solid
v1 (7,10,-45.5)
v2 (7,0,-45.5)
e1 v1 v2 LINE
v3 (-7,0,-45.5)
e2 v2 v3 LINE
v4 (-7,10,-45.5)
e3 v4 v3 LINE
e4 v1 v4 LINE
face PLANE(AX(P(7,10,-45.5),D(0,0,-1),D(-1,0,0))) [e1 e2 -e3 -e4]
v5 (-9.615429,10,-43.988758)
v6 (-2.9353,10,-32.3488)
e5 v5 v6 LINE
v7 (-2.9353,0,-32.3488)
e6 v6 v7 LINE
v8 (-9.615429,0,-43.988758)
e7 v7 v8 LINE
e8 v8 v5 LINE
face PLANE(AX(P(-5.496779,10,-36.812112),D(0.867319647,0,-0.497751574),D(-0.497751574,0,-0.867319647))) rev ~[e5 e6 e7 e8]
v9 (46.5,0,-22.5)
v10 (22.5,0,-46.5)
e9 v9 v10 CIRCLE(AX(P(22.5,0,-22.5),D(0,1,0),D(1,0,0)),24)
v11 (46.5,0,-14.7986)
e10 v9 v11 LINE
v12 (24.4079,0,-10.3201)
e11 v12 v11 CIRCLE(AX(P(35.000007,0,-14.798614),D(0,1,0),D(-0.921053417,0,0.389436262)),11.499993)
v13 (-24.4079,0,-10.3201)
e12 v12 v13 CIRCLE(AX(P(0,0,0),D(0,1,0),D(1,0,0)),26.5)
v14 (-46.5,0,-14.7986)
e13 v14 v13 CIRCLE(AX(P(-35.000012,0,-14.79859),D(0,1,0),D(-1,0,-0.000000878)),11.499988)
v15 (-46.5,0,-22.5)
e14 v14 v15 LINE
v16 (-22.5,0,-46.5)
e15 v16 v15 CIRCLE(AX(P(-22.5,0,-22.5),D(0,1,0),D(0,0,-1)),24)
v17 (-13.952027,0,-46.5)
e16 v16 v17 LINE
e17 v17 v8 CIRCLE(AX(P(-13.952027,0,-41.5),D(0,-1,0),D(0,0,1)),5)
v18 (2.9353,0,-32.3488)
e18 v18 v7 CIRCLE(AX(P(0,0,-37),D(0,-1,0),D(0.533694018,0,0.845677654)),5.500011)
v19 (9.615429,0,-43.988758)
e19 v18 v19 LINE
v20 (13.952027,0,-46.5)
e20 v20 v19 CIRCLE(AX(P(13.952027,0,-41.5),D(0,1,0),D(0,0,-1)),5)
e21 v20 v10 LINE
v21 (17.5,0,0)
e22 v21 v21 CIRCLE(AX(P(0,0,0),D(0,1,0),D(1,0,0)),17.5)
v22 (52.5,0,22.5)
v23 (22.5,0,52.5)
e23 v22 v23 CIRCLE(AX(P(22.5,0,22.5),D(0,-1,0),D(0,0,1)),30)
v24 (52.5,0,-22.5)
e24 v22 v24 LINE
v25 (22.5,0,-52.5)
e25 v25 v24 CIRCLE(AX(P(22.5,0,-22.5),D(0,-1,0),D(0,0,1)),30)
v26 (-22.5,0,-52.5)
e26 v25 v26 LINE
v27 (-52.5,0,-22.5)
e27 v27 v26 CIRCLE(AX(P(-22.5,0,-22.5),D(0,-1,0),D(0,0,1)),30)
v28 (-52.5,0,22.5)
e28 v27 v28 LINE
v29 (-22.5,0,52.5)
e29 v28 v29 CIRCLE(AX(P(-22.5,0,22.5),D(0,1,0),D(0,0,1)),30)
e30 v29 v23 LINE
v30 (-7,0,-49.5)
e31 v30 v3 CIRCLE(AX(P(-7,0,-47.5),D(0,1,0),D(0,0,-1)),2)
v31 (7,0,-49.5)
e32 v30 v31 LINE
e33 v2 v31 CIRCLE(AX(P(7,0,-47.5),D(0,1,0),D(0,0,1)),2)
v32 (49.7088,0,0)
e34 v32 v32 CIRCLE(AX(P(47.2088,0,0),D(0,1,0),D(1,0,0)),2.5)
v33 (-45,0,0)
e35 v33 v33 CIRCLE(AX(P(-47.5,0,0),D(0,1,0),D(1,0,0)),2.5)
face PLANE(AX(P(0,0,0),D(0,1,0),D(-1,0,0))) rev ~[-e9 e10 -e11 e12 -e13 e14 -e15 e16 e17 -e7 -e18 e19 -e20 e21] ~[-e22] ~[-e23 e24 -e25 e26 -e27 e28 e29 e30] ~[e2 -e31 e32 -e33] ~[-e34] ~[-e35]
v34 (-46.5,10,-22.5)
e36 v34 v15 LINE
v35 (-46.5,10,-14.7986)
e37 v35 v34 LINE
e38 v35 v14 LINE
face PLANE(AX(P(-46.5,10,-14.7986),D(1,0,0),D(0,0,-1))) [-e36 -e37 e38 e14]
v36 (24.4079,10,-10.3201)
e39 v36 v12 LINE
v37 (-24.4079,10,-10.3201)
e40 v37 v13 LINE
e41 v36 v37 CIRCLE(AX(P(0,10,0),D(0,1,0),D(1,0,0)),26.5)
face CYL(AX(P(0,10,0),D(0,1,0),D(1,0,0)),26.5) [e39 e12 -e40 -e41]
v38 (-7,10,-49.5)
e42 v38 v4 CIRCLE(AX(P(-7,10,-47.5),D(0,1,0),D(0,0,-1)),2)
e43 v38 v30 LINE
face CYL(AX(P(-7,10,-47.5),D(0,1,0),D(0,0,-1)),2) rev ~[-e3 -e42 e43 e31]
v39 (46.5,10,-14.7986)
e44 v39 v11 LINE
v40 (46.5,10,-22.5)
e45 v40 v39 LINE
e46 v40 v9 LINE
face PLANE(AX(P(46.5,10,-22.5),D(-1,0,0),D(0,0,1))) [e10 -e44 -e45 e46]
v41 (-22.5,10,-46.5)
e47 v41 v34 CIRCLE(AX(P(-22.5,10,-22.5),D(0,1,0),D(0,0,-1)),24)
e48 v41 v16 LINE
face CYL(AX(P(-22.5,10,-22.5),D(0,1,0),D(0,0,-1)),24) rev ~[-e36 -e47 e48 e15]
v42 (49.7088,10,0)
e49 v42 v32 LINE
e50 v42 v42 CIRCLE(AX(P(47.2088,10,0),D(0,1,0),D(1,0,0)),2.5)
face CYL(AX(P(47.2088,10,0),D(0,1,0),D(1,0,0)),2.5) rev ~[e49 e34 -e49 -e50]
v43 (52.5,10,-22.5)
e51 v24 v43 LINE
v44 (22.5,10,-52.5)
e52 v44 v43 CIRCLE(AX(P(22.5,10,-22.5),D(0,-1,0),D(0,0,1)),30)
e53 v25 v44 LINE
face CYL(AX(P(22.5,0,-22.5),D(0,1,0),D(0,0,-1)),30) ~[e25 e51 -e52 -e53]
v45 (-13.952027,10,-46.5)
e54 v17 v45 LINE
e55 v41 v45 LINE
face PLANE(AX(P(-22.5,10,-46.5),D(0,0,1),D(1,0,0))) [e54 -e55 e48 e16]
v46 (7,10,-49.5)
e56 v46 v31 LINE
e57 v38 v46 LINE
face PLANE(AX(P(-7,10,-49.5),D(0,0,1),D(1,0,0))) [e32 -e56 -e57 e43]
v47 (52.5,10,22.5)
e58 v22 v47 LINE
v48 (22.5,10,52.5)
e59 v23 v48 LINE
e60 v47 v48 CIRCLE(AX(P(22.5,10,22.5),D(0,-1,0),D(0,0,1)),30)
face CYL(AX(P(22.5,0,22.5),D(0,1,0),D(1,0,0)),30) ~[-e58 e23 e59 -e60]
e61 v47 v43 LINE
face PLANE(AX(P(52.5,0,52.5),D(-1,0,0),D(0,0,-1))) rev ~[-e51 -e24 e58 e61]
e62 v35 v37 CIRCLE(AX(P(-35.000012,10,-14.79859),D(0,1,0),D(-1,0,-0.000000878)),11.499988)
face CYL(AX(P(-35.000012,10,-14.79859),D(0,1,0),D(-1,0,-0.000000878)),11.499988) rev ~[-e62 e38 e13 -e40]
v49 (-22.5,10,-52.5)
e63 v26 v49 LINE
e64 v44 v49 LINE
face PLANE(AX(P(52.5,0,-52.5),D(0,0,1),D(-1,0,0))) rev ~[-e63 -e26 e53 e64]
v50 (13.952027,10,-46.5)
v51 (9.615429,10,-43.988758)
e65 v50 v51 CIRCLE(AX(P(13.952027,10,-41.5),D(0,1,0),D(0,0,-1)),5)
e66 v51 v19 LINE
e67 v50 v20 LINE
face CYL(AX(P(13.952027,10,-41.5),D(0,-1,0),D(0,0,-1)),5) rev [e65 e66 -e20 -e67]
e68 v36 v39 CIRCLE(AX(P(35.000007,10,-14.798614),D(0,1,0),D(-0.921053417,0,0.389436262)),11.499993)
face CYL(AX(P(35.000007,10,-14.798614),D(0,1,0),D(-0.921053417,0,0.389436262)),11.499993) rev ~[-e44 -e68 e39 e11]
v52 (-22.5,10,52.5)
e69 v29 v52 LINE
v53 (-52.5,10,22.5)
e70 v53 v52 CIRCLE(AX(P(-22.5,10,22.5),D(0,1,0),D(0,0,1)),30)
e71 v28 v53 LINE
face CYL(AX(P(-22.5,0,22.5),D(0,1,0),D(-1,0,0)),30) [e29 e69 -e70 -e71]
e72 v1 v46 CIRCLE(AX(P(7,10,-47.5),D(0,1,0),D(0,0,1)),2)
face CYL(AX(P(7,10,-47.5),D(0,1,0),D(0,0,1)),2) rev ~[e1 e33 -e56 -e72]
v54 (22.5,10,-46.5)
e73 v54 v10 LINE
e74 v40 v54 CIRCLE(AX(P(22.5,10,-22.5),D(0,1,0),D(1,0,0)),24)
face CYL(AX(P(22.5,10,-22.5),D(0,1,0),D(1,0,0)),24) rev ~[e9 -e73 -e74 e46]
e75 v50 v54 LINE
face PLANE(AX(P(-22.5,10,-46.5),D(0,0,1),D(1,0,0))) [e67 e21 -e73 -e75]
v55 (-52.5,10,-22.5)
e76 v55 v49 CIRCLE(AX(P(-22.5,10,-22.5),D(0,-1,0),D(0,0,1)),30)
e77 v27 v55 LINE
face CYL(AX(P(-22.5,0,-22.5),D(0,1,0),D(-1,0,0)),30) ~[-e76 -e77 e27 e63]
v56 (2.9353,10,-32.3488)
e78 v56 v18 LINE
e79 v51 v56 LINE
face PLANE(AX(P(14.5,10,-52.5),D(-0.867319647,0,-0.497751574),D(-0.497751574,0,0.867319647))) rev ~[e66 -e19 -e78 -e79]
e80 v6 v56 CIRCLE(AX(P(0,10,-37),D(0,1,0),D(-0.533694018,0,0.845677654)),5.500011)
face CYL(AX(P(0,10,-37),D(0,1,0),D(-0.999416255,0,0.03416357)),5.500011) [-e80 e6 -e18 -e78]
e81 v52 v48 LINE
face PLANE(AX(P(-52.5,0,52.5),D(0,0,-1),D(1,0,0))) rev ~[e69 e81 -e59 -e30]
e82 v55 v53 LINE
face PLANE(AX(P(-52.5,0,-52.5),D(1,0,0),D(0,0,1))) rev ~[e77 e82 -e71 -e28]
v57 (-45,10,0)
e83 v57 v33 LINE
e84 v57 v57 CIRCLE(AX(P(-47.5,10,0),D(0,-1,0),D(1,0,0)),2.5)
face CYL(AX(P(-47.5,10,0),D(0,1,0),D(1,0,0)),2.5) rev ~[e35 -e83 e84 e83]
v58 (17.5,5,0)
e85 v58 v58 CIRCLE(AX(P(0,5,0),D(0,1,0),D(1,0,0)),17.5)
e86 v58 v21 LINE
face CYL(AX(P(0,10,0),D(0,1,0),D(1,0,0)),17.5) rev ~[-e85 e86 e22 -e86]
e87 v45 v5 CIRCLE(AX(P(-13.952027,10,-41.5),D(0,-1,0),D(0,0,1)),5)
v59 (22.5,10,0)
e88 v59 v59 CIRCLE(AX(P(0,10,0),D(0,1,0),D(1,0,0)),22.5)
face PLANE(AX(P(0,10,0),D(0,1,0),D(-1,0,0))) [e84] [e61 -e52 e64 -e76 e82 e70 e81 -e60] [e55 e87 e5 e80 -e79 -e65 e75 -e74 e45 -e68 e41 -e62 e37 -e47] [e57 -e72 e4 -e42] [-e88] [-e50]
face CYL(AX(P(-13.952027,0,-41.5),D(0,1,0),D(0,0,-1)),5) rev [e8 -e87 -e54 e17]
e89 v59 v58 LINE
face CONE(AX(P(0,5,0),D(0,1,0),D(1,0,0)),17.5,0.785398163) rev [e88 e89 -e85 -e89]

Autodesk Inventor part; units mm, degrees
ref_plane "YZ Plane" through (0, 0, 0) normal (1, 0, 0) x (0, 1, 0)
ref_plane "XZ Plane" through (0, 0, 0) normal (0, 1, 0) x (-1, 0, 0)
ref_plane "XY Plane" through (0, 0, 0) normal (0, 0, 1) x (1, 0, 0)
sketch "Sketch1" plane through (0, 0, 0) normal (0, 1, 0) x (-1, 0, 0)
  line L0 (52.5, 52.5) -> (-52.5, 52.5)
  line L1 (-52.5, 52.5) -> (-52.5, -52.5)
  line L2 (-52.5, -52.5) -> (52.5, -52.5)
  line L3 (52.5, -52.5) -> (52.5, 52.5)
  line L4 (52.5, 52.5) -> (-52.5, -52.5) construction
  line L5 (-52.5, 52.5) -> (52.5, -52.5) construction
  point P0 (0, 0)
  dimension "d0" = 105
  dimension "d1" = 105
extrude "Extrusion1" add sketch "Sketch1" along normal blind 10
fillet "Fillet1" radius 30 4 edges at (-52.5, 5, -52.5) (-52.5, 5, 52.5) (52.5, 5, -52.5) (52.5, 5, 52.5)
sketch "Sketch2" plane through (0, 10, 0) normal (0, 1, 0) x (1, 0, 0)
  circle A0 centre (0, 0) radius 17.5
  dimension "d5" = 35
extrude "Extrusion2" cut sketch "Sketch2" against normal blind 10
chamfer "Chamfer1" distance 5 angle 45 1 edges at (-17.5, 10, 0)
sketch "Sketch3" plane through (0, 10, 0) normal (0, 1, 0) x (1, 0, 0)
  arc A0 (22.5, -52.5) -> (52.5, -22.5) centre (22.5, -22.5) ccw projected
  line L0 (52.5, -22.5) -> (52.5, 22.5) projected
  arc A1 (52.5, 22.5) -> (22.5, 52.5) centre (22.5, 22.5) ccw projected
  line L1 (22.5, 52.5) -> (-22.5, 52.5) projected
  arc A2 (-22.5, 52.5) -> (-52.5, 22.5) centre (-22.5, 22.5) ccw projected
  line L2 (-52.5, 22.5) -> (-52.5, -22.5) projected
  arc A3 (-52.5, -22.5) -> (-22.5, -52.5) centre (-22.5, -22.5) ccw projected
  line L3 (-22.5, -52.5) -> (22.5, -52.5) projected
  circle A4 centre (0, 0) radius 22.5 projected
  line L4 (46.5, 22.5) -> (46.5, -22.5)
  arc A5 (22.5, -46.5) -> (46.5, -22.5) centre (22.5, -22.5) ccw
  line L5 (22.5, -46.5) -> (-22.5, -46.5)
  arc A6 (-46.5, -22.5) -> (-22.5, -46.5) centre (-22.5, -22.5) ccw
  line L6 (-46.5, -22.5) -> (-46.5, 22.5)
  arc A7 (-22.5, 46.5) -> (-46.5, 22.5) centre (-22.5, 22.5) ccw
  line L7 (-22.5, 46.5) -> (22.5, 46.5)
  arc A8 (46.5, 22.5) -> (22.5, 46.5) centre (22.5, 22.5) ccw
  circle A9 centre (0, 0) radius 26.5
  arc A10 (24.4079, 10.3201) -> (46.5, 14.7986) centre (35, 14.7986) ccw
  arc A11 (-46.5, 14.7986) -> (-24.4079, 10.3201) centre (-35, 14.7986) ccw
  dimension "d11" = 6
  dimension "d12" = 4
  dimension "d13" = 23
  dimension "d14" = 23
extrude "Extrusion3" cut sketch "Sketch3" against normal blind 10 contours L4 A10 A9 A11 L6 A7 L7 A8
sketch "Sketch5" plane through (0, 10, 0) normal (0, 1, 0) x (1, 0, 0)
  line L0 (52.2088, 0) -> (47.2088, 0)
  line L1 (-52.5, 22.5) -> (-52.5, -22.5) projected
  line L2 (-52.5, 0) -> (-47.5, 0)
  circle A0 centre (47.2088, 0) radius 2.5
  circle A1 centre (-47.5, 0) radius 2.5
  point P0 (0, 0)
  dimension "d21" = 5
  dimension "d22" = 5
  dimension "d23" = 5
  dimension "d24" = 5
extrude "Extrusion4" cut sketch "Sketch5" against normal blind 10
sketch "Sketch6" plane through (0, 10, 0) normal (0, 1, 0) x (1, 0, 0)
  line L0 (52.5, 52.5) -> (14.5, 52.5)
  line L1 (22.5, 52.5) -> (-22.5, 52.5) projected
  line L2 (-52.5, 52.5) -> (-14.5, 52.5)
  line L3 (0, 52.5) -> (0, 31.5)
  line L4 (0, 31.5) -> (0, 37)
  arc A0 (-5.4968, 36.8121) -> (5.4968, 36.8121) centre (0, 37) ccw
  line L5 (14.5, 52.5) -> (2.9353, 32.3488)
  line L6 (-2.9353, 32.3488) -> (-14.5, 52.5)
  point P0 (0, 0)
  dimension "d27" = 38
  dimension "d28" = 38
  dimension "d29" = 21
  dimension "d30" = 5.5
  dimension "d31" = 11
extrude "Extrusion5" add sketch "Sketch6" against normal blind 10 contours L5 A0 L3 L1 | L3 A0 L6 L1
fillet "Fillet2" radius 5 2 edges at (11.0566, 5, -46.5) (-11.0566, 5, -46.5)
sketch "Sketch7" plane through (0, 10, 0) normal (0, 1, 0) x (1, 0, 0)
  line L0 (22.5, 52.5) -> (-22.5, 52.5) projected
  line L1 (0, 47.5) -> (-7, 47.5)
  line L2 (-7, 47.5) -> (7, 47.5)
  arc A0 (7, 45.5) -> (7, 49.5) centre (7, 47.5) ccw
  arc A1 (-7, 49.5) -> (-7, 45.5) centre (-7, 47.5) ccw
  line L3 (7, 45.5) -> (-7, 45.5)
  line L4 (-7, 49.5) -> (7, 49.5)
  point P0 (0, 0)
  dimension "d37" = 14
  dimension "d38" = 4
  dimension "d39" = 4
extrude "Extrusion6" cut sketch "Sketch7" against normal blind 10
properties part number "Del 6"
